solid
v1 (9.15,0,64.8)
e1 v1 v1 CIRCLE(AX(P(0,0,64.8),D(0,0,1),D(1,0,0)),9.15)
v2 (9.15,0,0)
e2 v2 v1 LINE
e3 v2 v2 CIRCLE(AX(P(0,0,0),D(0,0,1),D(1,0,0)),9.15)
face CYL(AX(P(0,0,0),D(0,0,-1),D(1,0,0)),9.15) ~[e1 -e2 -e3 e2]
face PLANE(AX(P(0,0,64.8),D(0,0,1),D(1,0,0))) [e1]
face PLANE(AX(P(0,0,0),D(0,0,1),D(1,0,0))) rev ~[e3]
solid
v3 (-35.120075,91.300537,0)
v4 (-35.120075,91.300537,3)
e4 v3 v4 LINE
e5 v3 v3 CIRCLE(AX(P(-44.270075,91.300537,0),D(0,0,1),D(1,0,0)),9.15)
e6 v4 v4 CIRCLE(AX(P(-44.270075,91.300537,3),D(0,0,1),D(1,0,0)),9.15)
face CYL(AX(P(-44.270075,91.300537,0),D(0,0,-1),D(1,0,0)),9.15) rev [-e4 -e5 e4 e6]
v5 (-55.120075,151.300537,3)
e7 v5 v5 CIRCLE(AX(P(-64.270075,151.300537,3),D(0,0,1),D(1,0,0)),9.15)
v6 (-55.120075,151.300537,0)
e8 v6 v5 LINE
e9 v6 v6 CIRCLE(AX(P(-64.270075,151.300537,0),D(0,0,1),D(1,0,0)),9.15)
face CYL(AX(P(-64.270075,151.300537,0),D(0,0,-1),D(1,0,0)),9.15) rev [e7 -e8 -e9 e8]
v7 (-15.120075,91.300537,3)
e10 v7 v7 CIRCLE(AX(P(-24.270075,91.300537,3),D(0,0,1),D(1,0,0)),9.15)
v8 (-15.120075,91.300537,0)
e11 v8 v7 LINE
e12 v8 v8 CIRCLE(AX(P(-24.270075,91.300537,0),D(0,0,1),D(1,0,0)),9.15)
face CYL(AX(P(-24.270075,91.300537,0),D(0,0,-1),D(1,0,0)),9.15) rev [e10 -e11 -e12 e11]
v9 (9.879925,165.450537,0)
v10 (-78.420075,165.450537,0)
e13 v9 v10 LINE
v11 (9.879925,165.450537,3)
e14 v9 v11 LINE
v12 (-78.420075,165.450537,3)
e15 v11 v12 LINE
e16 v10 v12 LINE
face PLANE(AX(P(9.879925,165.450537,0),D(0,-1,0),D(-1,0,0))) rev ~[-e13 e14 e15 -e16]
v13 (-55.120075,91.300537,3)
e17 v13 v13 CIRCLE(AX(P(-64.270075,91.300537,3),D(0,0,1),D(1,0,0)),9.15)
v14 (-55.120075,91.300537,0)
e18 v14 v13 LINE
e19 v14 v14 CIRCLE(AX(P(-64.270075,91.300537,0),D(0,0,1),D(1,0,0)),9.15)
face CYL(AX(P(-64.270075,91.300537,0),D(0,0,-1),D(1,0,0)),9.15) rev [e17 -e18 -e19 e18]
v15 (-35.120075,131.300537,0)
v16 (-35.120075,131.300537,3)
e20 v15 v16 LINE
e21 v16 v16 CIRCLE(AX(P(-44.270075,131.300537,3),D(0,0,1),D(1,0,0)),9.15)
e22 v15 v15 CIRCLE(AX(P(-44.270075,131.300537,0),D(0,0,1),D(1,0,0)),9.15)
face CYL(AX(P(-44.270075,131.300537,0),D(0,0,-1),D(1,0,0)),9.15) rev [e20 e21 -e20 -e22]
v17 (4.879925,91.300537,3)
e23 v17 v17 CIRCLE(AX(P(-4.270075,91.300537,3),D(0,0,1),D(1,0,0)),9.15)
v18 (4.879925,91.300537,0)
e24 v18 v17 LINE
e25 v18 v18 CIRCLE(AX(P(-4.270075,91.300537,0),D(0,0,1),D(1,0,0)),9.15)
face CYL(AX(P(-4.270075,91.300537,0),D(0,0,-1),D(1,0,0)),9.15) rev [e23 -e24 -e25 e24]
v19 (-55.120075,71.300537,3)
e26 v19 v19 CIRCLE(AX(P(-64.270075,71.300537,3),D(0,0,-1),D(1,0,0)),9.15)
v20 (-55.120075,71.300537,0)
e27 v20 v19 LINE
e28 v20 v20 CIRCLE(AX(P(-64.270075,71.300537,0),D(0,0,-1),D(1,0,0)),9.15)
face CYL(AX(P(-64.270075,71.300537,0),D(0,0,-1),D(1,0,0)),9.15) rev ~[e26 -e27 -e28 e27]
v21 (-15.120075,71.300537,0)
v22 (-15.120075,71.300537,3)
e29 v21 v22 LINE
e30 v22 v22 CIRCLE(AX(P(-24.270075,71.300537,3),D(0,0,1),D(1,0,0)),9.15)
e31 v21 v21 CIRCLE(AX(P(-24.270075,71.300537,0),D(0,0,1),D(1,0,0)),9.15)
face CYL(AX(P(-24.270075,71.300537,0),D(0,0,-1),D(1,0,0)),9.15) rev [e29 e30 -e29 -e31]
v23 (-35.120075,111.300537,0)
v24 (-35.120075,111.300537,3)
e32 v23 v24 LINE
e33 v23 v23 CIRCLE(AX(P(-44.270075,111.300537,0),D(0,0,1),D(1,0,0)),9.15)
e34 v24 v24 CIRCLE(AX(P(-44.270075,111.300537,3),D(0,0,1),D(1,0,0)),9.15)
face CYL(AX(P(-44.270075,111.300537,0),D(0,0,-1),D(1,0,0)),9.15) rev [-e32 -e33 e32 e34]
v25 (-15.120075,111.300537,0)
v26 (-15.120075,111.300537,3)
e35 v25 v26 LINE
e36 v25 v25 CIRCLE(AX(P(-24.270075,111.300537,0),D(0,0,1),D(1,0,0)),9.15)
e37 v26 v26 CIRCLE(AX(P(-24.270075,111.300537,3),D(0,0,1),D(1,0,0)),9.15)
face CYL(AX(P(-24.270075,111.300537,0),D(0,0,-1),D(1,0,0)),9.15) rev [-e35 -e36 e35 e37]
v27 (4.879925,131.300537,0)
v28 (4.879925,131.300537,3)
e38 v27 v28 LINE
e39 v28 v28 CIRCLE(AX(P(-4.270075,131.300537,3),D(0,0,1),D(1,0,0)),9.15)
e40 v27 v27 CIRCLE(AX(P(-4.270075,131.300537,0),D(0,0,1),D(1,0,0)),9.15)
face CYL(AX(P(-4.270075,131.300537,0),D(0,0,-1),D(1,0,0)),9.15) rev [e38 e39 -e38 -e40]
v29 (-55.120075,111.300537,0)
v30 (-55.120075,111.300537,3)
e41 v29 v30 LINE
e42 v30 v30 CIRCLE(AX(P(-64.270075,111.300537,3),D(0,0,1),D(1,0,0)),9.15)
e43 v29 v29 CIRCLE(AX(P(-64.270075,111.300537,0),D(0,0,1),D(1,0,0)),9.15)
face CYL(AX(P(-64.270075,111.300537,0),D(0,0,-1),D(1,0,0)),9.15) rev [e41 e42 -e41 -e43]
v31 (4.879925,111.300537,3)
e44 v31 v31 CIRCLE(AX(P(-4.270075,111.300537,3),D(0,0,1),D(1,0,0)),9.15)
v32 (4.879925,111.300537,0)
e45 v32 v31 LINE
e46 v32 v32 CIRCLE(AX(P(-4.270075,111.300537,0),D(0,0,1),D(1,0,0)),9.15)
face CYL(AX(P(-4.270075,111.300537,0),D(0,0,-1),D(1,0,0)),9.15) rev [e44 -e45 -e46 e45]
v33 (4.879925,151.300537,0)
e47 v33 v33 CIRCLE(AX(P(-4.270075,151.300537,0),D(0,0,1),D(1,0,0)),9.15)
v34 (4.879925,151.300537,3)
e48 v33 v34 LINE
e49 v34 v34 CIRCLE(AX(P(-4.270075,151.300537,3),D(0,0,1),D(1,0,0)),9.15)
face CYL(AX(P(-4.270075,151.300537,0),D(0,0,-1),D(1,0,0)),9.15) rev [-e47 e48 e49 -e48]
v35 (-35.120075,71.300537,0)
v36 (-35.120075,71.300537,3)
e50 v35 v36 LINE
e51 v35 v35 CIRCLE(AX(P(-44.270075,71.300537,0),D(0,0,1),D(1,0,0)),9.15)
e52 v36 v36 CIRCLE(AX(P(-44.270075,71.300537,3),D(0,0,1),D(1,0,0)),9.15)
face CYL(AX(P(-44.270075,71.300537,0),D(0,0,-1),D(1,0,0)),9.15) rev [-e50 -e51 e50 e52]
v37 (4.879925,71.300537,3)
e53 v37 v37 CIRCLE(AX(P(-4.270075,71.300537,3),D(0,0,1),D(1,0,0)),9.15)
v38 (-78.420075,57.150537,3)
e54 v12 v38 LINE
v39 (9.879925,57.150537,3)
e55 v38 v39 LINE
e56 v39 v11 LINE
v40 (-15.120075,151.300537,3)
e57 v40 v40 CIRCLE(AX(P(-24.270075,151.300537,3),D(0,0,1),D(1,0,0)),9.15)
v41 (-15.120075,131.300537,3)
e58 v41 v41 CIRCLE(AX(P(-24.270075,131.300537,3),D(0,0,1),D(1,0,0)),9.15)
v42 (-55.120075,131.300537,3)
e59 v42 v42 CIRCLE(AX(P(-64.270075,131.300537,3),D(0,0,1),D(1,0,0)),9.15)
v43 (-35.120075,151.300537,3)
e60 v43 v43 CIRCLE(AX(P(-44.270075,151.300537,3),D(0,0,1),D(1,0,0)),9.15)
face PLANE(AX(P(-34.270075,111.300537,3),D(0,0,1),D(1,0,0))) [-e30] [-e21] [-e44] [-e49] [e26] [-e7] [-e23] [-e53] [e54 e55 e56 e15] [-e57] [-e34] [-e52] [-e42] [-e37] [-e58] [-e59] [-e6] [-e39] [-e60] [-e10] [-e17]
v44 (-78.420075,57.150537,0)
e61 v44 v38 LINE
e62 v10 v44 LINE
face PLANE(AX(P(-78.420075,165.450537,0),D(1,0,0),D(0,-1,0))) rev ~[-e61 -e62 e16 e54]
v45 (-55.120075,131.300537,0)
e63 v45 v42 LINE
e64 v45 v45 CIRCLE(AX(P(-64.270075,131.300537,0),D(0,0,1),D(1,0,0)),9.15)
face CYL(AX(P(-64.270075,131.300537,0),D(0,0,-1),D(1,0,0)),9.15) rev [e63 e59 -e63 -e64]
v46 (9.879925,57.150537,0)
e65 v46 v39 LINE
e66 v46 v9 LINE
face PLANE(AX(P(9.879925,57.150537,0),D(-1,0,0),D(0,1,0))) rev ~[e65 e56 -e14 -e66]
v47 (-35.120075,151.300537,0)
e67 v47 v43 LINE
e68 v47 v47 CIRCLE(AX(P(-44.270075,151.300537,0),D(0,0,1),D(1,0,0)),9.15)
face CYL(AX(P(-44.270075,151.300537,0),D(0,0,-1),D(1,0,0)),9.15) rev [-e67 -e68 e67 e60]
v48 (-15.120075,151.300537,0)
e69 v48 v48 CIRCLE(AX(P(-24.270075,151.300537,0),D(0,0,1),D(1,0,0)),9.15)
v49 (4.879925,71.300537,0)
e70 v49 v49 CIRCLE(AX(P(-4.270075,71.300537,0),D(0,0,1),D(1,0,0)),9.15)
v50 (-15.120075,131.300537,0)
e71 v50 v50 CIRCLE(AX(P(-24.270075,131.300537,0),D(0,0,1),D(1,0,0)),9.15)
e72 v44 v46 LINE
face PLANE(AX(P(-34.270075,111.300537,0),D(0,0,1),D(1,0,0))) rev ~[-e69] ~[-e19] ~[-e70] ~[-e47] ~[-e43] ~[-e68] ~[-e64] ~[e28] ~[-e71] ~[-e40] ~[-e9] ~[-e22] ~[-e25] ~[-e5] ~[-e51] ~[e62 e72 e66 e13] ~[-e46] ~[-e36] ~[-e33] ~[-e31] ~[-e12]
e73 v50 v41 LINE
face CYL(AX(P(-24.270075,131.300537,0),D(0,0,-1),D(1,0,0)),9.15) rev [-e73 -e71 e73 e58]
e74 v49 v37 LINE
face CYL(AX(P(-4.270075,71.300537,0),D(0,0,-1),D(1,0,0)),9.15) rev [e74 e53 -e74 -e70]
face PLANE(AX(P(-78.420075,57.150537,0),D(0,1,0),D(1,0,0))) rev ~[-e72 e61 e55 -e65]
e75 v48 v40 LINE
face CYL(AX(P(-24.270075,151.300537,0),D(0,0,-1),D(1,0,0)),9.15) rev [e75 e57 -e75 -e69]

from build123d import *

# Parameters (mm, degrees)
F0_R     = 9.15
F1_DEPTH = 64.8
F2_R     = 9.15
F3_DEPTH = 3


with BuildPart() as f1:
    # F0 (on Top) → F1 (new body)
    with BuildSketch(Plane.XY):
        Circle(F0_R)
    extrude(amount=F1_DEPTH)


with BuildPart() as f3:
    # F2 (on Top) → F3 (new body)
    with BuildSketch(Plane.XY):
        Polygon((-78.420075, 165.450537), (-78.420075, 71.300537), (-78.420075, 57.150537), (9.879925, 57.150537), (9.879925, 165.450537), align=None)
        with BuildLine():
            ThreePointArc((-73.420075, 71.300537), (-64.270075, 80.450537), (-55.120075, 71.300537))
            ThreePointArc((-55.120075, 71.300537), (-64.270075, 62.150537), (-73.420075, 71.300537))
        make_face(mode=Mode.SUBTRACT)
        with Locations((-44.270075, 71.300537)):
            Circle(F2_R, mode=Mode.SUBTRACT)
        with Locations((-64.270075, 91.300537)):
            Circle(F2_R, mode=Mode.SUBTRACT)
        with Locations((-44.270075, 91.300537)):
            Circle(F2_R, mode=Mode.SUBTRACT)
        with Locations((-24.270075, 71.300537)):
            Circle(F2_R, mode=Mode.SUBTRACT)
        with Locations((-4.270075, 71.300537)):
            Circle(F2_R, mode=Mode.SUBTRACT)
        with Locations((-24.270075, 91.300537)):
            Circle(F2_R, mode=Mode.SUBTRACT)
        with Locations((-4.270075, 91.300537)):
            Circle(F2_R, mode=Mode.SUBTRACT)
        with Locations((-64.270075, 111.300537)):
            Circle(F2_R, mode=Mode.SUBTRACT)
        with Locations((-64.270075, 131.300537)):
            Circle(F2_R, mode=Mode.SUBTRACT)
        with Locations((-44.270075, 111.300537)):
            Circle(F2_R, mode=Mode.SUBTRACT)
        with Locations((-44.270075, 131.300537)):
            Circle(F2_R, mode=Mode.SUBTRACT)
        with Locations((-64.270075, 151.300537)):
            Circle(F2_R, mode=Mode.SUBTRACT)
        with Locations((-44.270075, 151.300537)):
            Circle(F2_R, mode=Mode.SUBTRACT)
        with Locations((-24.270075, 111.300537)):
            Circle(F2_R, mode=Mode.SUBTRACT)
        with Locations((-24.270075, 131.300537)):
            Circle(F2_R, mode=Mode.SUBTRACT)
        with Locations((-4.270075, 111.300537)):
            Circle(F2_R, mode=Mode.SUBTRACT)
        with Locations((-4.270075, 131.300537)):
            Circle(F2_R, mode=Mode.SUBTRACT)
        with Locations((-24.270075, 151.300537)):
            Circle(F2_R, mode=Mode.SUBTRACT)
        with Locations((-4.270075, 151.300537)):
            Circle(F2_R, mode=Mode.SUBTRACT)
    extrude(amount=F3_DEPTH)


solid = Compound([f1.part, f3.part])
